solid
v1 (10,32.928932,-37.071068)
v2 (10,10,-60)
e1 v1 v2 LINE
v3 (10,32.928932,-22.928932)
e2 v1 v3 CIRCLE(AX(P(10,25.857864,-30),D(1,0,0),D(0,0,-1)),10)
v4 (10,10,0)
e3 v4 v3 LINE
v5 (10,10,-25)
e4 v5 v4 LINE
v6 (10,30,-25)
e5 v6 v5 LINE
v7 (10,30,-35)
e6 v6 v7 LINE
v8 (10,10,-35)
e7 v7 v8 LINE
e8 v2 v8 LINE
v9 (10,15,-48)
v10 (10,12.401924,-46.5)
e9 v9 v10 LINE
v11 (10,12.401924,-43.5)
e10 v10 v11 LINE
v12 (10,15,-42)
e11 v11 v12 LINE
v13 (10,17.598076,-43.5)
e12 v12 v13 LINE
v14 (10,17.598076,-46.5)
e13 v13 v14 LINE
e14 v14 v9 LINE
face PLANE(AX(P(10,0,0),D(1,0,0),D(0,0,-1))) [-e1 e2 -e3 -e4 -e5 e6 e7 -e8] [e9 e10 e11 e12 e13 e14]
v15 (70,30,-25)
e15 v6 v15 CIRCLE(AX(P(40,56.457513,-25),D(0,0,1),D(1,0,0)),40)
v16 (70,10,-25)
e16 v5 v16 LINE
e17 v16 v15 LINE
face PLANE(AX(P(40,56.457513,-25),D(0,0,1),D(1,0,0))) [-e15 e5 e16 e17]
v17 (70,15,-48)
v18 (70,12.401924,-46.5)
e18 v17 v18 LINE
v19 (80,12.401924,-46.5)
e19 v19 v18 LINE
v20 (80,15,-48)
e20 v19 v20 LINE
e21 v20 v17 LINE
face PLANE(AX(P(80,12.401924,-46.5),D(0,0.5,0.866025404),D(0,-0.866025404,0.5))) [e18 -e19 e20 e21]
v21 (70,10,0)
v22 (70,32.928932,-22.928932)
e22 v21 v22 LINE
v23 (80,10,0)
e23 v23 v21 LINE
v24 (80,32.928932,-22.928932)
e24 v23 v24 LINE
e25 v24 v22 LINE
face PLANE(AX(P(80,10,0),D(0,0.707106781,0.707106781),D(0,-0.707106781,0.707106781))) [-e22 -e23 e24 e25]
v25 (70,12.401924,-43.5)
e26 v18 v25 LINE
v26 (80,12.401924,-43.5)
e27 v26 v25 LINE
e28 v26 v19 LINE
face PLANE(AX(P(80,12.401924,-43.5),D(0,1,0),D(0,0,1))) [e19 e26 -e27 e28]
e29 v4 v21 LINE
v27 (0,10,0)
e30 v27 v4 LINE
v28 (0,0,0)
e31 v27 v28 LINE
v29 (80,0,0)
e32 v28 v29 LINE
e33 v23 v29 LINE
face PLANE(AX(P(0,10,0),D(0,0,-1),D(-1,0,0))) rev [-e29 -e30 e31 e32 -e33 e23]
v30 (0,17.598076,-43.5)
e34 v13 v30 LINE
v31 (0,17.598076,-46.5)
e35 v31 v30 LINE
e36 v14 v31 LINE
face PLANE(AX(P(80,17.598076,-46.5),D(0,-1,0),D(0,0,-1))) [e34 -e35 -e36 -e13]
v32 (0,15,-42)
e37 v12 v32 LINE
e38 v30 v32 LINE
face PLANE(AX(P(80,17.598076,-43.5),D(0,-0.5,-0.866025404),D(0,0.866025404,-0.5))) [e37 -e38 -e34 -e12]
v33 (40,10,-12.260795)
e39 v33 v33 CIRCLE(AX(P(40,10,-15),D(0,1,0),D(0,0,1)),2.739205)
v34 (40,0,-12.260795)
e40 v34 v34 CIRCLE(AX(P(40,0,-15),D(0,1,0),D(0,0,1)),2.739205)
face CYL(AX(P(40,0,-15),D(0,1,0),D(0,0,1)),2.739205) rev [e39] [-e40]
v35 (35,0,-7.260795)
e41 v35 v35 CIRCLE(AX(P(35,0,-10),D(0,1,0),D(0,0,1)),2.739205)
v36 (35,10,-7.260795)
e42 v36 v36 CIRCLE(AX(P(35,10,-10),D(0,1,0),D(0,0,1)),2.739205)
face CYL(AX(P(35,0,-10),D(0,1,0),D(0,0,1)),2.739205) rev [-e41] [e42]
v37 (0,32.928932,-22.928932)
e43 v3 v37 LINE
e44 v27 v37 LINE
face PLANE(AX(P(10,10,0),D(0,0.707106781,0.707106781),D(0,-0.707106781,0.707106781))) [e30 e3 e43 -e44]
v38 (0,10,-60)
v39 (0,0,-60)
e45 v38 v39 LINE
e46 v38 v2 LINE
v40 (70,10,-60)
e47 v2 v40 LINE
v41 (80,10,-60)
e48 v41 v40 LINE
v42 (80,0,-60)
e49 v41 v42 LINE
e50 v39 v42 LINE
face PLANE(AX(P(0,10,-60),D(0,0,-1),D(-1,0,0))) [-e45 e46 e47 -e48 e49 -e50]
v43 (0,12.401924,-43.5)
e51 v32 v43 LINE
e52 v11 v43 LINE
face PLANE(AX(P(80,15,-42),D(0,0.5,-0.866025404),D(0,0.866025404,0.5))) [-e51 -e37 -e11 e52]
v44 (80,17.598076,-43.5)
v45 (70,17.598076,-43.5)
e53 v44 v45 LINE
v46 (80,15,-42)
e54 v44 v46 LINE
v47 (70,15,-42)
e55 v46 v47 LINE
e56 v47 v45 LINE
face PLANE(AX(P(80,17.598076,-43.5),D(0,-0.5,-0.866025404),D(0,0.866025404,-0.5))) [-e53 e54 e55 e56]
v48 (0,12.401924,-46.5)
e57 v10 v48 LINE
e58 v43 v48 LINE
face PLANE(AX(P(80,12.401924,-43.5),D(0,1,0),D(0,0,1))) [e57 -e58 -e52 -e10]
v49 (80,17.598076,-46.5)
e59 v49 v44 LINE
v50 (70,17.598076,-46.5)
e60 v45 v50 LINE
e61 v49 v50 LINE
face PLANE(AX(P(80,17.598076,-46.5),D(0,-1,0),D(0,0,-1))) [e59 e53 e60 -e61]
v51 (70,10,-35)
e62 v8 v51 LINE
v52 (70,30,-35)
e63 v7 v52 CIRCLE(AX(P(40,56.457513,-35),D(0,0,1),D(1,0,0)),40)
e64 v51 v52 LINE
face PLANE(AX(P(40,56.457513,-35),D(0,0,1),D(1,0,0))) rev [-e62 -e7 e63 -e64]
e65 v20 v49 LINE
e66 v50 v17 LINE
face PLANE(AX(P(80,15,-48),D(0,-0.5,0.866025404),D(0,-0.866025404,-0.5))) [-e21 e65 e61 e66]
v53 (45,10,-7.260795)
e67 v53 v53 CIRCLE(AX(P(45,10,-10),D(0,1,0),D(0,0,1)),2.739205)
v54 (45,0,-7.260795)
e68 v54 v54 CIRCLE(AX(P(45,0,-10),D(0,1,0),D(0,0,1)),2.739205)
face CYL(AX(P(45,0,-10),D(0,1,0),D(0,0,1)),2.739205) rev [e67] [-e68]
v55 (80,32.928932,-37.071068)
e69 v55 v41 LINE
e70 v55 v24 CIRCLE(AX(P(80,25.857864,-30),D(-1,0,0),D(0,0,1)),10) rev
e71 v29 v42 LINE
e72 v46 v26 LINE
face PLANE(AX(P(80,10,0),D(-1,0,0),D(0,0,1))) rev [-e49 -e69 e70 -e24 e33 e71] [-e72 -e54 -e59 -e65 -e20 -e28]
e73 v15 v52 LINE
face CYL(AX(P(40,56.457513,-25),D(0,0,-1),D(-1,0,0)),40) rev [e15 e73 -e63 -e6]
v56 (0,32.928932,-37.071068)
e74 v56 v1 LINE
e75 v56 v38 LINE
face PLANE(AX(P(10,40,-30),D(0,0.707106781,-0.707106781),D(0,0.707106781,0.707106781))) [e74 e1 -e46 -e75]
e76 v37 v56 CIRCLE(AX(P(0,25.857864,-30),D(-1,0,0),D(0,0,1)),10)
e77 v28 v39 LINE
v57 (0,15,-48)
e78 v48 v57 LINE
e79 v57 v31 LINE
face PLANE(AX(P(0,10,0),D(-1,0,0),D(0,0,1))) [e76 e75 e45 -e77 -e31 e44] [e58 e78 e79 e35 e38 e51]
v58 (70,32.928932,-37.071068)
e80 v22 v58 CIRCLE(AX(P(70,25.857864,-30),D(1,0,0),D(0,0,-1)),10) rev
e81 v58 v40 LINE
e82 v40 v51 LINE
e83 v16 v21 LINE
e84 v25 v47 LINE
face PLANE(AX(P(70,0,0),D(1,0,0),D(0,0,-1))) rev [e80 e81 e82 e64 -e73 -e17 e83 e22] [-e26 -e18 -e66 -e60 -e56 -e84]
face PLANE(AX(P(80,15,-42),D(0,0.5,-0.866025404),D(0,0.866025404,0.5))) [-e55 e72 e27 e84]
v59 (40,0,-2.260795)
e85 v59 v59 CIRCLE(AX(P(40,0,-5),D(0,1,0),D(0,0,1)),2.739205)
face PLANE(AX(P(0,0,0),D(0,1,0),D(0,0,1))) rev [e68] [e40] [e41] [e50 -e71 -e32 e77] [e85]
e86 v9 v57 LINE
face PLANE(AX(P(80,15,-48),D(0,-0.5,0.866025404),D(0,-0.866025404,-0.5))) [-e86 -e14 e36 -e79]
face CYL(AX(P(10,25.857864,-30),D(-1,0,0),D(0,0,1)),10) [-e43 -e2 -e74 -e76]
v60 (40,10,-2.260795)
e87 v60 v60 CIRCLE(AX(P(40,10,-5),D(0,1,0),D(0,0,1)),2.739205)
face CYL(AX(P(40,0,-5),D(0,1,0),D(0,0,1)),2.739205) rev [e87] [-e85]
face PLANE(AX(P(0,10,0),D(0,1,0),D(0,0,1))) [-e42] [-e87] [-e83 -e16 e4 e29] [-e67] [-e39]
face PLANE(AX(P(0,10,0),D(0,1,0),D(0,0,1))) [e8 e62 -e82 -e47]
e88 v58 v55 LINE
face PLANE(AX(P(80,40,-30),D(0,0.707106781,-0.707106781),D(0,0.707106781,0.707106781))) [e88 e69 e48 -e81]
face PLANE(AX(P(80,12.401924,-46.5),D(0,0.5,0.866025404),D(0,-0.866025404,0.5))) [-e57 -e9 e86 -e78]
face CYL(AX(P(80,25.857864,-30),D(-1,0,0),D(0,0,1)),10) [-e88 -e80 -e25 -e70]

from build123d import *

# Parameters (mm, degrees)
SKETCH1_W           = 80
SKETCH1_H           = 60
BOSS_EXTRUDE1_DEPTH = 10
BOSS_EXTRUDE2_DEPTH = 10
LPATTERN1_COUNT     = 2
LPATTERN1_PITCH     = 70
BOSS_EXTRUDE3_START = -30
BOSS_EXTRUDE3_DEPTH = 5
FILLET1_R           = 10
SKETCH4_R           = 2.739205113
CUT_EXTRUDE1_DEPTH  = 11
CUT_EXTRUDE2_DEPTH  = 81


with BuildPart() as part:
    # Sketch1 → Boss-Extrude1 (new body)
    with BuildSketch(Plane(origin=(0, 0, 0), x_dir=(1, 0, 0), z_dir=(0, 1, 0))):
        with Locations((40, 30)):
            Rectangle(SKETCH1_W, SKETCH1_H)
    extrude(amount=BOSS_EXTRUDE1_DEPTH)

    # Sketch2 → Boss-Extrude2 (add)
    with BuildSketch(Plane(origin=(0, 0, 0), x_dir=(0, 0, -1), z_dir=(1, 0, 0))):
        Polygon((0, 10), (30, 40), (60, 10), align=None)
    boss_extrude2 = extrude(amount=BOSS_EXTRUDE2_DEPTH)

    # LPattern1: Boss-Extrude2 ×2
    with Locations(*[(i * LPATTERN1_PITCH, 0, 0) for i in range(1, LPATTERN1_COUNT)]):
        add(boss_extrude2)

    # Sketch3 → Boss-Extrude3 (add, symmetric)
    with BuildSketch(Plane.XY.offset(BOSS_EXTRUDE3_START)):
        with BuildLine():
            Line((10, 30), (10, 10))
            Line((10, 10), (70, 10))
            Line((70, 10), (70, 30))
            ThreePointArc((70, 30), (40, 16.457513111), (10, 30))
        make_face()
    extrude(amount=BOSS_EXTRUDE3_DEPTH, both=True)

    # Fillet1
    fillet1_edges = [part.edges().sort_by_distance(p)[0] for p in [
        (5, 40, -30),
        (75, 40, -30),
    ]]
    fillet(fillet1_edges, radius=FILLET1_R)

    # Sketch4 → Cut-Extrude1 (cut, through all)
    with BuildSketch(Plane(origin=(0, 10, 0), x_dir=(1, 0, 0), z_dir=(0, 1, 0))):
        with Locations((40, 15)):
            Circle(SKETCH4_R)
        with Locations((45, 10)):
            Circle(SKETCH4_R)
        with Locations((40, 5)):
            Circle(SKETCH4_R)
        with Locations((35, 10)):
            Circle(SKETCH4_R)
    extrude(amount=-CUT_EXTRUDE1_DEPTH, mode=Mode.SUBTRACT)

    # Sketch5 → Cut-Extrude2 (cut, through all)
    with BuildSketch(Plane(origin=(0, 0, 0), x_dir=(0, 0, -1), z_dir=(1, 0, 0))):
        Polygon((46.5, 12.401923789), (48, 15), (46.5, 17.598076211), (43.5, 17.598076211), (42, 15), (43.5, 12.401923789), align=None)
    extrude(amount=CUT_EXTRUDE2_DEPTH, mode=Mode.SUBTRACT)


solid = part.part
